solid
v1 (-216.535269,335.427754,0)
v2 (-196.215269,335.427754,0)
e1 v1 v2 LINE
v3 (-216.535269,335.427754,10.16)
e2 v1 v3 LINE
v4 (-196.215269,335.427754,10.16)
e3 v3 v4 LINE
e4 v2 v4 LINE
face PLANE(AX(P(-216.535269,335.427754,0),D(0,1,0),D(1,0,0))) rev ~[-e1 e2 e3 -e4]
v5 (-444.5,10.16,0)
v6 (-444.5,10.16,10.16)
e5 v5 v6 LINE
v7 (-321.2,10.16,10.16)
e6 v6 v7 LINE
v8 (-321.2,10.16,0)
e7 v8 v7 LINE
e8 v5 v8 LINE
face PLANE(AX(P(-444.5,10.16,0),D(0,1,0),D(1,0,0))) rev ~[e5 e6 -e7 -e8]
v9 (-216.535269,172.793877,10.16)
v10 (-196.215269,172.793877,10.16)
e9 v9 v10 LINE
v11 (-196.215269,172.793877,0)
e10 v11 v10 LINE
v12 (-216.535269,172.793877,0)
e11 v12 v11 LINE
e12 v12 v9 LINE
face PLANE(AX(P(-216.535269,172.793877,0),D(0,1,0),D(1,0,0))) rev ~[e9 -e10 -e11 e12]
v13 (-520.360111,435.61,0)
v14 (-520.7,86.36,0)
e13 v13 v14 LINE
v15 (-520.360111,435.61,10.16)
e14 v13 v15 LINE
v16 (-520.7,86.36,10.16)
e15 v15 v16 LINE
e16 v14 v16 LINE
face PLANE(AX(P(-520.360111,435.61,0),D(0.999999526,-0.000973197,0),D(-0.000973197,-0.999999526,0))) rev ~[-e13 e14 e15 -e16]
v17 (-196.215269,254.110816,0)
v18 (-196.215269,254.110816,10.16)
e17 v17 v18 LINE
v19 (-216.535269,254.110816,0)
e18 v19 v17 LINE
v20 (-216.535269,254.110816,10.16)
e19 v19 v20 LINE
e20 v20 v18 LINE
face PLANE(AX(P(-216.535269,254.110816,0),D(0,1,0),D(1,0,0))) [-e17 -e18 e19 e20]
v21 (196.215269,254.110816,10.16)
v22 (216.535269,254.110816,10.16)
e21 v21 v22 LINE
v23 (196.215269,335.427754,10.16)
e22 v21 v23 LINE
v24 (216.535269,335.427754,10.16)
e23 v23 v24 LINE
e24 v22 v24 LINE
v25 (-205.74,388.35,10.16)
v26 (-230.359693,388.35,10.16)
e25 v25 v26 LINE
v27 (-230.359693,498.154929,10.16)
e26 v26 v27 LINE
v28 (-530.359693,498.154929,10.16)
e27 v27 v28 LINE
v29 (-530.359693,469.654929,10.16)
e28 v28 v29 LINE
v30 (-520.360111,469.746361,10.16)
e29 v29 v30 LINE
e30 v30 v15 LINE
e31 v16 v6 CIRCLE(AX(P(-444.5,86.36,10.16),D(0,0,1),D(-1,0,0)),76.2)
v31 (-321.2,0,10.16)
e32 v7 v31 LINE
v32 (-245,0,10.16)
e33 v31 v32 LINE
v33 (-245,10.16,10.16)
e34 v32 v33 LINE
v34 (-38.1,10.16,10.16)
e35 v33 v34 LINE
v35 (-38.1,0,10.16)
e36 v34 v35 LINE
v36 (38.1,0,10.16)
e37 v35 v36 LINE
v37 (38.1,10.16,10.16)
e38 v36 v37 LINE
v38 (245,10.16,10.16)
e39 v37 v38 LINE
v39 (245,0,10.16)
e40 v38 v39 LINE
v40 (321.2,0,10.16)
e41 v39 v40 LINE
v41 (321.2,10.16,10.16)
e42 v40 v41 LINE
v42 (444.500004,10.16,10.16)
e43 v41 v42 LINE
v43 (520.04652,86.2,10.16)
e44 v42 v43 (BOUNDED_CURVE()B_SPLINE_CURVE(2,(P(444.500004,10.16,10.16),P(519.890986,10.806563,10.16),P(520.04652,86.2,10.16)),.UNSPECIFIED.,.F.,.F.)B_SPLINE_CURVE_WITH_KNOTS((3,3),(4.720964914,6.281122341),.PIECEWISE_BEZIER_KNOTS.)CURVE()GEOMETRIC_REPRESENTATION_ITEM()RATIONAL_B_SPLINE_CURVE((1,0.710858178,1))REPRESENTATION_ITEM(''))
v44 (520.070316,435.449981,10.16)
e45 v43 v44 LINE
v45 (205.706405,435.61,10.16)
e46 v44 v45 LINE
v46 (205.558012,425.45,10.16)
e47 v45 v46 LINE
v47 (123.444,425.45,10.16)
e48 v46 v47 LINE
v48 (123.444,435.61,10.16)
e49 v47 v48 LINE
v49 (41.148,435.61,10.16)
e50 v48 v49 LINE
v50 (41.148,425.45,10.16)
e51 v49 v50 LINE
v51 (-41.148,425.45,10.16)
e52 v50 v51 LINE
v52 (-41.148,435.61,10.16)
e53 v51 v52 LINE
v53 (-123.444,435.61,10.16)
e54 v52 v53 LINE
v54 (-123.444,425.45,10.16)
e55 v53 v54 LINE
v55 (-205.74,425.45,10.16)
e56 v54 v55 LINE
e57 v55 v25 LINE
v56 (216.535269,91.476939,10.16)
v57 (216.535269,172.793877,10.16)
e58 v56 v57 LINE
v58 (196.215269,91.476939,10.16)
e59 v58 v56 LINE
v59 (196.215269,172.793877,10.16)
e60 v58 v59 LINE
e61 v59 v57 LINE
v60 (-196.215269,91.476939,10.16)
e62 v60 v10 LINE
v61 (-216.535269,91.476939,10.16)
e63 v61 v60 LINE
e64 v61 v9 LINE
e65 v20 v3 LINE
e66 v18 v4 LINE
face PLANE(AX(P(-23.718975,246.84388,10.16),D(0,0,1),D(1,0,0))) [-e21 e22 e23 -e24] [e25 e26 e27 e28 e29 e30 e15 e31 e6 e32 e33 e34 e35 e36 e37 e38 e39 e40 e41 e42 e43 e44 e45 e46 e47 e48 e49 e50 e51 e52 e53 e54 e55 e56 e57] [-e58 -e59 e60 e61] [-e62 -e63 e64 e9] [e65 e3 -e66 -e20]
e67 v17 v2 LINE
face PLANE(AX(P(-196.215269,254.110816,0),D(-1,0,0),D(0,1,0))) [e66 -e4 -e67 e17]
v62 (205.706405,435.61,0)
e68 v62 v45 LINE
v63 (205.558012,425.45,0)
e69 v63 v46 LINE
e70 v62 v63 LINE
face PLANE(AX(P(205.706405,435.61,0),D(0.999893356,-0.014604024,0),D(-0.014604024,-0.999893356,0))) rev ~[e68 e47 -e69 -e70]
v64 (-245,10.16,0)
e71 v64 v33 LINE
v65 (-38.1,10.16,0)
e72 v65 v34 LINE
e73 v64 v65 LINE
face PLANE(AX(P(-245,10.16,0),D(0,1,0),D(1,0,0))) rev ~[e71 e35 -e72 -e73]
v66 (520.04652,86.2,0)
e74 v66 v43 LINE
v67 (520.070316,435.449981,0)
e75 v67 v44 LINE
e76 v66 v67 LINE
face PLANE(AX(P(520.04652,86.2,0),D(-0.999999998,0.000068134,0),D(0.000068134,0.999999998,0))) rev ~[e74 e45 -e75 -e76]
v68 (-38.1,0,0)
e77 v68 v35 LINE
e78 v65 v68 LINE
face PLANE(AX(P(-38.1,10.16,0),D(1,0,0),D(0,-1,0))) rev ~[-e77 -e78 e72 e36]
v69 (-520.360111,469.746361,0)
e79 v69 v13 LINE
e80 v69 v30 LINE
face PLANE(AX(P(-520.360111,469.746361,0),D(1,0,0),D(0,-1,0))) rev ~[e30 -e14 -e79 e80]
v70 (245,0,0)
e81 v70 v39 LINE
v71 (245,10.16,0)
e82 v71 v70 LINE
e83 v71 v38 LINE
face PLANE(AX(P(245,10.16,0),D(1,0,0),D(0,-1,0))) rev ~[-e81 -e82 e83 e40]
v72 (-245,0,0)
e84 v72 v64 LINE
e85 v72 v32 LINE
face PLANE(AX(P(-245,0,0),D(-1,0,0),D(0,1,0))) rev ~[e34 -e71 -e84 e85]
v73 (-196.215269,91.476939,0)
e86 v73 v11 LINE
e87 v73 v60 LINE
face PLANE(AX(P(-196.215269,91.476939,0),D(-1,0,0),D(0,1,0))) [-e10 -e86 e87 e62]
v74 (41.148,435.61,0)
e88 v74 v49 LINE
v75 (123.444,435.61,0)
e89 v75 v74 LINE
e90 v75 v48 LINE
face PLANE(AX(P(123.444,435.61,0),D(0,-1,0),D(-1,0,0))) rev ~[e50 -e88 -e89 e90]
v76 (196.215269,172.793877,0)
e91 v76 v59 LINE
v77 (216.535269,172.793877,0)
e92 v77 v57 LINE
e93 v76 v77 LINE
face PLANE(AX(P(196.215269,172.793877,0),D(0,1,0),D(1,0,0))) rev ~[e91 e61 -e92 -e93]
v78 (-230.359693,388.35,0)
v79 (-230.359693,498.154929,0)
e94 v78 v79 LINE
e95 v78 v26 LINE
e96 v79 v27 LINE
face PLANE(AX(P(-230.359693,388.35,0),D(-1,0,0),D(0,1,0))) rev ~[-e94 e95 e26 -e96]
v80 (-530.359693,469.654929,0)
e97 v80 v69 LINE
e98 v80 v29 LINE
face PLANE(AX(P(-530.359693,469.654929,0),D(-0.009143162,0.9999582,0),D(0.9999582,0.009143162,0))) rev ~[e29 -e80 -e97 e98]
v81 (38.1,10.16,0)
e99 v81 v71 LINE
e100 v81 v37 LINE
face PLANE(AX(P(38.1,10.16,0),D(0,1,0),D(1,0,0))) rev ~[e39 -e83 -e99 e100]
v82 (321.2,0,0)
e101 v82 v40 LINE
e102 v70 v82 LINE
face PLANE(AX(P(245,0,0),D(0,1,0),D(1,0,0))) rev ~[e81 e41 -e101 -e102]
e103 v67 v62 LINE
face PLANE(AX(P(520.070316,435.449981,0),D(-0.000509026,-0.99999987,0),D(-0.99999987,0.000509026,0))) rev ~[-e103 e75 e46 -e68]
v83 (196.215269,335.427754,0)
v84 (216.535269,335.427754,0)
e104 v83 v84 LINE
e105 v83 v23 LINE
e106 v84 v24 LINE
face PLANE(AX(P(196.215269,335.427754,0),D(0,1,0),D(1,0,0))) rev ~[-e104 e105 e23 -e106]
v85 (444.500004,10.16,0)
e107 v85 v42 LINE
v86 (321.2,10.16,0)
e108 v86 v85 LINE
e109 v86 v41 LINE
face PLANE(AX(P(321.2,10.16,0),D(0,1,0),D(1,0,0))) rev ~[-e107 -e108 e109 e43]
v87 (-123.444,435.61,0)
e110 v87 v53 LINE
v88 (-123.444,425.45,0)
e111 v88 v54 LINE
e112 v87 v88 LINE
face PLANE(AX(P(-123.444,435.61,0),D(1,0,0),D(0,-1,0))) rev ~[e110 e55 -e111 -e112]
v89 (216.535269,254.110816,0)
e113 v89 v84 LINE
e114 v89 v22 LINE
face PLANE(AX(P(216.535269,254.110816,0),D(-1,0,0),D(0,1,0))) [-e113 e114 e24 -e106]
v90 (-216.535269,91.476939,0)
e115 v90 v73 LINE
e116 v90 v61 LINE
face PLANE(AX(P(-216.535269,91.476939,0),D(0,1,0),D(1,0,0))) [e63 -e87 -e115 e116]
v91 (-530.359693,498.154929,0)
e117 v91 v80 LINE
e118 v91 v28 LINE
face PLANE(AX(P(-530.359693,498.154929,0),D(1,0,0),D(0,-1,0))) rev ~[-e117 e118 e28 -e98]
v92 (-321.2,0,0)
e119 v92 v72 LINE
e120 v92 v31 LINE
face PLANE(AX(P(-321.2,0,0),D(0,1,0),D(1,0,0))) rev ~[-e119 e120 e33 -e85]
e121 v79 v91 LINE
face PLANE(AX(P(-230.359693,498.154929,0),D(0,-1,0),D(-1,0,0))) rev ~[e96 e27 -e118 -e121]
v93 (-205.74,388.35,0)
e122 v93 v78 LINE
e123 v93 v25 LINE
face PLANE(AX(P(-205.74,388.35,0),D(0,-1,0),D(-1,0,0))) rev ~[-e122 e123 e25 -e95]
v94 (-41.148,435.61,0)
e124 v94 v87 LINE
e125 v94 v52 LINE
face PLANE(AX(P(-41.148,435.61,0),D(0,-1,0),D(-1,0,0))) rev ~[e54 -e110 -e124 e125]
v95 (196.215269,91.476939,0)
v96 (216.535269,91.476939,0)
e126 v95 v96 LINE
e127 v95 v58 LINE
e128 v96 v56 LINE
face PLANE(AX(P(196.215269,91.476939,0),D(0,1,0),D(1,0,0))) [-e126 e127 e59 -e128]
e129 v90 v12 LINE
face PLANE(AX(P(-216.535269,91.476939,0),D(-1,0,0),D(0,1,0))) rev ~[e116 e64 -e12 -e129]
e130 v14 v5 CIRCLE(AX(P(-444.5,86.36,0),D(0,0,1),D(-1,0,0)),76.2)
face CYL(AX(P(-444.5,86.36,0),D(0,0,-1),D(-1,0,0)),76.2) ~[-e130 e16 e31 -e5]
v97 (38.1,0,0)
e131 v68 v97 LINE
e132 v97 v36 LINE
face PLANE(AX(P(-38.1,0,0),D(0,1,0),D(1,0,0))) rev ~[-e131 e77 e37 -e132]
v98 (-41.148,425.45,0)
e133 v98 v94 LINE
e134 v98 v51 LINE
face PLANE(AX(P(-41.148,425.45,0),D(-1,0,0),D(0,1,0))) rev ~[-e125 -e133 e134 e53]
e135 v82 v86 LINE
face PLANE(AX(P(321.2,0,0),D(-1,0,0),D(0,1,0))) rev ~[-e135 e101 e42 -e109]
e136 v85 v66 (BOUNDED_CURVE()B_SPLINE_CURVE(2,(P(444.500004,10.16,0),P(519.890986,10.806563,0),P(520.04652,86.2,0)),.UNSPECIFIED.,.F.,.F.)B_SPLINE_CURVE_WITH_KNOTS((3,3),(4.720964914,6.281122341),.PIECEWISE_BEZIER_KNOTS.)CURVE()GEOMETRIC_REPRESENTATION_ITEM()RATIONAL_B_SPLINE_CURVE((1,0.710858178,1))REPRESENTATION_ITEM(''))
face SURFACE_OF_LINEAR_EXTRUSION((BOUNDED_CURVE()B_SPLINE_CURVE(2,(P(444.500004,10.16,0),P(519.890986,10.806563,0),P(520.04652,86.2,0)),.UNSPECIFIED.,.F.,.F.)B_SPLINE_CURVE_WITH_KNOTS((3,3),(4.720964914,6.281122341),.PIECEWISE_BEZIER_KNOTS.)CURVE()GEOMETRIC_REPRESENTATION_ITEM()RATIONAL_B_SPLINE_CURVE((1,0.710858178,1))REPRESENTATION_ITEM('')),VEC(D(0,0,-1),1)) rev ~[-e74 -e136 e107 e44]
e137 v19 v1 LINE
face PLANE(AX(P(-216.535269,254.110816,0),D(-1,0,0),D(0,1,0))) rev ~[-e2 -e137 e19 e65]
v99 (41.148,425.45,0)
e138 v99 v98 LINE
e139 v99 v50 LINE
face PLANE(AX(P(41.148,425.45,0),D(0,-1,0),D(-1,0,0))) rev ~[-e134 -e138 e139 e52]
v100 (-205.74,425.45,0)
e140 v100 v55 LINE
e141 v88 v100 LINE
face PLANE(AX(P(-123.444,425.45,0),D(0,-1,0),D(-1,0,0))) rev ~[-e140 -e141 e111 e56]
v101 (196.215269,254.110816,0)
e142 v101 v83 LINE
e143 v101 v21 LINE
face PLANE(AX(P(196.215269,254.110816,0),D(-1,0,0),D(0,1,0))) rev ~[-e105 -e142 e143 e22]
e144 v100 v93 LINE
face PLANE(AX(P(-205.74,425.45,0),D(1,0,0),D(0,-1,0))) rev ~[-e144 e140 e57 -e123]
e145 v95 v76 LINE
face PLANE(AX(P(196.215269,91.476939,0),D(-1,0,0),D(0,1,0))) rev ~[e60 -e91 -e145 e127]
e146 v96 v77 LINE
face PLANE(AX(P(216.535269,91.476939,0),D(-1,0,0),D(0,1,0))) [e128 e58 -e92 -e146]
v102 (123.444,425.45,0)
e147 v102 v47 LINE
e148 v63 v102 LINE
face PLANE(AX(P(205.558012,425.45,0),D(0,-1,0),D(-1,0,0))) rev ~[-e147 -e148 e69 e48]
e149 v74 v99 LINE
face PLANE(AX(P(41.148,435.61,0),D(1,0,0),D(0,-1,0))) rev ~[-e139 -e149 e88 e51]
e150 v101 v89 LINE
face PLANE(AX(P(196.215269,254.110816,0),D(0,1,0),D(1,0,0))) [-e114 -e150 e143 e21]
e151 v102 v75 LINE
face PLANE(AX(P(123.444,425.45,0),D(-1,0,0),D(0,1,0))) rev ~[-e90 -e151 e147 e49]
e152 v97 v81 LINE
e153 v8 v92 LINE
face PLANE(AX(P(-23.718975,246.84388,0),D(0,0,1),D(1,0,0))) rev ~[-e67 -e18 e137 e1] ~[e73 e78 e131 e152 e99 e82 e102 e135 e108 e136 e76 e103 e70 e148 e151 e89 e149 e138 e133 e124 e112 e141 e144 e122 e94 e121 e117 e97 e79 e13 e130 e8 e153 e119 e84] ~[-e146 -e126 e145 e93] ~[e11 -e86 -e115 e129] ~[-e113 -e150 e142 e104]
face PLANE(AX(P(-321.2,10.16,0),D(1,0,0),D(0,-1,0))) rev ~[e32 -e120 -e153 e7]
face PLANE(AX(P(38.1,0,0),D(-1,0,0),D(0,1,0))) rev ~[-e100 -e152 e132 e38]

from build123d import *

# Parameters (mm, degrees)
SKETCH1_W           = 20.32
SKETCH1_H           = 81.316938585
BOSS_EXTRUDE1_DEPTH = 10.16


with BuildPart() as part:
    # Sketch1 → Boss-Extrude1 (new body)
    with BuildSketch(Plane.XY):
        with BuildLine():
            Line((-444.5, 10.16), (-321.2, 10.16))
            Line((-321.2, 10.16), (-321.2, 0))
            Line((-321.2, 0), (-245, 0))
            Line((-245, 0), (-245, 10.16))
            Line((-245, 10.16), (-38.1, 10.16))
            Line((-38.1, 10.16), (-38.1, 0))
            Line((-38.1, 0), (38.1, 0))
            Line((38.1, 0), (38.1, 10.16))
            Line((38.1, 10.16), (245, 10.16))
            Line((245, 10.16), (245, 0))
            Line((245, 0), (321.2, 0))
            Line((321.2, 0), (321.2, 10.16))
            Line((321.2, 10.16), (444.500003861, 10.16))
            add(Edge.make_bspline(
                [(444.500003861, 10.16), (519.890985801, 10.806562601), (520.046520423, 86.2)],
                knots=[4.720964914, 4.720964914, 4.720964914, 6.281122341, 6.281122341, 6.281122341], degree=2, weights=[1, 0.710858178, 1]))
            Line((520.046520423, 86.2), (520.070316185, 435.449980504))
            Line((520.070316185, 435.449980504), (205.706405146, 435.61))
            Line((205.706405146, 435.61), (205.558012439, 425.45))
            Line((205.558012439, 425.45), (123.444, 425.45))
            Line((123.444, 425.45), (123.444, 435.61))
            Line((123.444, 435.61), (41.148, 435.61))
            Line((41.148, 435.61), (41.148, 425.45))
            Line((41.148, 425.45), (-41.148, 425.45))
            Line((-41.148, 425.45), (-41.148, 435.61))
            Line((-41.148, 435.61), (-123.444, 435.61))
            Line((-123.444, 435.61), (-123.444, 425.45))
            Line((-123.444, 425.45), (-205.74, 425.45))
            Line((-205.74, 425.45), (-205.74, 388.35))
            Line((-205.74, 388.35), (-230.359692718, 388.35))
            Line((-230.359692718, 388.35), (-230.359692718, 498.154928973))
            Line((-230.359692718, 498.154928973), (-530.359692718, 498.154928973))
            Line((-530.359692718, 498.154928973), (-530.359692718, 469.654928973))
            Line((-530.359692718, 469.654928973), (-520.360110714, 469.746360594))
            Line((-520.360110714, 469.746360594), (-520.360110714, 435.61))
            Line((-520.360110714, 435.61), (-520.7, 86.36))
            ThreePointArc((-520.7, 86.36), (-498.381536726, 32.478463274), (-444.5, 10.16))
        make_face()
        with Locations((206.375268781, 132.135407878)):
            Rectangle(SKETCH1_W, SKETCH1_H, mode=Mode.SUBTRACT)
        with Locations((206.375268781, 294.769285048)):
            Rectangle(SKETCH1_W, SKETCH1_H, mode=Mode.SUBTRACT)
        with Locations((-206.375268781, 132.135407878)):
            Rectangle(SKETCH1_W, SKETCH1_H, mode=Mode.SUBTRACT)
        with Locations((-206.375268781, 294.769285048)):
            Rectangle(SKETCH1_W, SKETCH1_H, mode=Mode.SUBTRACT)
    extrude(amount=BOSS_EXTRUDE1_DEPTH)


solid = part.part
